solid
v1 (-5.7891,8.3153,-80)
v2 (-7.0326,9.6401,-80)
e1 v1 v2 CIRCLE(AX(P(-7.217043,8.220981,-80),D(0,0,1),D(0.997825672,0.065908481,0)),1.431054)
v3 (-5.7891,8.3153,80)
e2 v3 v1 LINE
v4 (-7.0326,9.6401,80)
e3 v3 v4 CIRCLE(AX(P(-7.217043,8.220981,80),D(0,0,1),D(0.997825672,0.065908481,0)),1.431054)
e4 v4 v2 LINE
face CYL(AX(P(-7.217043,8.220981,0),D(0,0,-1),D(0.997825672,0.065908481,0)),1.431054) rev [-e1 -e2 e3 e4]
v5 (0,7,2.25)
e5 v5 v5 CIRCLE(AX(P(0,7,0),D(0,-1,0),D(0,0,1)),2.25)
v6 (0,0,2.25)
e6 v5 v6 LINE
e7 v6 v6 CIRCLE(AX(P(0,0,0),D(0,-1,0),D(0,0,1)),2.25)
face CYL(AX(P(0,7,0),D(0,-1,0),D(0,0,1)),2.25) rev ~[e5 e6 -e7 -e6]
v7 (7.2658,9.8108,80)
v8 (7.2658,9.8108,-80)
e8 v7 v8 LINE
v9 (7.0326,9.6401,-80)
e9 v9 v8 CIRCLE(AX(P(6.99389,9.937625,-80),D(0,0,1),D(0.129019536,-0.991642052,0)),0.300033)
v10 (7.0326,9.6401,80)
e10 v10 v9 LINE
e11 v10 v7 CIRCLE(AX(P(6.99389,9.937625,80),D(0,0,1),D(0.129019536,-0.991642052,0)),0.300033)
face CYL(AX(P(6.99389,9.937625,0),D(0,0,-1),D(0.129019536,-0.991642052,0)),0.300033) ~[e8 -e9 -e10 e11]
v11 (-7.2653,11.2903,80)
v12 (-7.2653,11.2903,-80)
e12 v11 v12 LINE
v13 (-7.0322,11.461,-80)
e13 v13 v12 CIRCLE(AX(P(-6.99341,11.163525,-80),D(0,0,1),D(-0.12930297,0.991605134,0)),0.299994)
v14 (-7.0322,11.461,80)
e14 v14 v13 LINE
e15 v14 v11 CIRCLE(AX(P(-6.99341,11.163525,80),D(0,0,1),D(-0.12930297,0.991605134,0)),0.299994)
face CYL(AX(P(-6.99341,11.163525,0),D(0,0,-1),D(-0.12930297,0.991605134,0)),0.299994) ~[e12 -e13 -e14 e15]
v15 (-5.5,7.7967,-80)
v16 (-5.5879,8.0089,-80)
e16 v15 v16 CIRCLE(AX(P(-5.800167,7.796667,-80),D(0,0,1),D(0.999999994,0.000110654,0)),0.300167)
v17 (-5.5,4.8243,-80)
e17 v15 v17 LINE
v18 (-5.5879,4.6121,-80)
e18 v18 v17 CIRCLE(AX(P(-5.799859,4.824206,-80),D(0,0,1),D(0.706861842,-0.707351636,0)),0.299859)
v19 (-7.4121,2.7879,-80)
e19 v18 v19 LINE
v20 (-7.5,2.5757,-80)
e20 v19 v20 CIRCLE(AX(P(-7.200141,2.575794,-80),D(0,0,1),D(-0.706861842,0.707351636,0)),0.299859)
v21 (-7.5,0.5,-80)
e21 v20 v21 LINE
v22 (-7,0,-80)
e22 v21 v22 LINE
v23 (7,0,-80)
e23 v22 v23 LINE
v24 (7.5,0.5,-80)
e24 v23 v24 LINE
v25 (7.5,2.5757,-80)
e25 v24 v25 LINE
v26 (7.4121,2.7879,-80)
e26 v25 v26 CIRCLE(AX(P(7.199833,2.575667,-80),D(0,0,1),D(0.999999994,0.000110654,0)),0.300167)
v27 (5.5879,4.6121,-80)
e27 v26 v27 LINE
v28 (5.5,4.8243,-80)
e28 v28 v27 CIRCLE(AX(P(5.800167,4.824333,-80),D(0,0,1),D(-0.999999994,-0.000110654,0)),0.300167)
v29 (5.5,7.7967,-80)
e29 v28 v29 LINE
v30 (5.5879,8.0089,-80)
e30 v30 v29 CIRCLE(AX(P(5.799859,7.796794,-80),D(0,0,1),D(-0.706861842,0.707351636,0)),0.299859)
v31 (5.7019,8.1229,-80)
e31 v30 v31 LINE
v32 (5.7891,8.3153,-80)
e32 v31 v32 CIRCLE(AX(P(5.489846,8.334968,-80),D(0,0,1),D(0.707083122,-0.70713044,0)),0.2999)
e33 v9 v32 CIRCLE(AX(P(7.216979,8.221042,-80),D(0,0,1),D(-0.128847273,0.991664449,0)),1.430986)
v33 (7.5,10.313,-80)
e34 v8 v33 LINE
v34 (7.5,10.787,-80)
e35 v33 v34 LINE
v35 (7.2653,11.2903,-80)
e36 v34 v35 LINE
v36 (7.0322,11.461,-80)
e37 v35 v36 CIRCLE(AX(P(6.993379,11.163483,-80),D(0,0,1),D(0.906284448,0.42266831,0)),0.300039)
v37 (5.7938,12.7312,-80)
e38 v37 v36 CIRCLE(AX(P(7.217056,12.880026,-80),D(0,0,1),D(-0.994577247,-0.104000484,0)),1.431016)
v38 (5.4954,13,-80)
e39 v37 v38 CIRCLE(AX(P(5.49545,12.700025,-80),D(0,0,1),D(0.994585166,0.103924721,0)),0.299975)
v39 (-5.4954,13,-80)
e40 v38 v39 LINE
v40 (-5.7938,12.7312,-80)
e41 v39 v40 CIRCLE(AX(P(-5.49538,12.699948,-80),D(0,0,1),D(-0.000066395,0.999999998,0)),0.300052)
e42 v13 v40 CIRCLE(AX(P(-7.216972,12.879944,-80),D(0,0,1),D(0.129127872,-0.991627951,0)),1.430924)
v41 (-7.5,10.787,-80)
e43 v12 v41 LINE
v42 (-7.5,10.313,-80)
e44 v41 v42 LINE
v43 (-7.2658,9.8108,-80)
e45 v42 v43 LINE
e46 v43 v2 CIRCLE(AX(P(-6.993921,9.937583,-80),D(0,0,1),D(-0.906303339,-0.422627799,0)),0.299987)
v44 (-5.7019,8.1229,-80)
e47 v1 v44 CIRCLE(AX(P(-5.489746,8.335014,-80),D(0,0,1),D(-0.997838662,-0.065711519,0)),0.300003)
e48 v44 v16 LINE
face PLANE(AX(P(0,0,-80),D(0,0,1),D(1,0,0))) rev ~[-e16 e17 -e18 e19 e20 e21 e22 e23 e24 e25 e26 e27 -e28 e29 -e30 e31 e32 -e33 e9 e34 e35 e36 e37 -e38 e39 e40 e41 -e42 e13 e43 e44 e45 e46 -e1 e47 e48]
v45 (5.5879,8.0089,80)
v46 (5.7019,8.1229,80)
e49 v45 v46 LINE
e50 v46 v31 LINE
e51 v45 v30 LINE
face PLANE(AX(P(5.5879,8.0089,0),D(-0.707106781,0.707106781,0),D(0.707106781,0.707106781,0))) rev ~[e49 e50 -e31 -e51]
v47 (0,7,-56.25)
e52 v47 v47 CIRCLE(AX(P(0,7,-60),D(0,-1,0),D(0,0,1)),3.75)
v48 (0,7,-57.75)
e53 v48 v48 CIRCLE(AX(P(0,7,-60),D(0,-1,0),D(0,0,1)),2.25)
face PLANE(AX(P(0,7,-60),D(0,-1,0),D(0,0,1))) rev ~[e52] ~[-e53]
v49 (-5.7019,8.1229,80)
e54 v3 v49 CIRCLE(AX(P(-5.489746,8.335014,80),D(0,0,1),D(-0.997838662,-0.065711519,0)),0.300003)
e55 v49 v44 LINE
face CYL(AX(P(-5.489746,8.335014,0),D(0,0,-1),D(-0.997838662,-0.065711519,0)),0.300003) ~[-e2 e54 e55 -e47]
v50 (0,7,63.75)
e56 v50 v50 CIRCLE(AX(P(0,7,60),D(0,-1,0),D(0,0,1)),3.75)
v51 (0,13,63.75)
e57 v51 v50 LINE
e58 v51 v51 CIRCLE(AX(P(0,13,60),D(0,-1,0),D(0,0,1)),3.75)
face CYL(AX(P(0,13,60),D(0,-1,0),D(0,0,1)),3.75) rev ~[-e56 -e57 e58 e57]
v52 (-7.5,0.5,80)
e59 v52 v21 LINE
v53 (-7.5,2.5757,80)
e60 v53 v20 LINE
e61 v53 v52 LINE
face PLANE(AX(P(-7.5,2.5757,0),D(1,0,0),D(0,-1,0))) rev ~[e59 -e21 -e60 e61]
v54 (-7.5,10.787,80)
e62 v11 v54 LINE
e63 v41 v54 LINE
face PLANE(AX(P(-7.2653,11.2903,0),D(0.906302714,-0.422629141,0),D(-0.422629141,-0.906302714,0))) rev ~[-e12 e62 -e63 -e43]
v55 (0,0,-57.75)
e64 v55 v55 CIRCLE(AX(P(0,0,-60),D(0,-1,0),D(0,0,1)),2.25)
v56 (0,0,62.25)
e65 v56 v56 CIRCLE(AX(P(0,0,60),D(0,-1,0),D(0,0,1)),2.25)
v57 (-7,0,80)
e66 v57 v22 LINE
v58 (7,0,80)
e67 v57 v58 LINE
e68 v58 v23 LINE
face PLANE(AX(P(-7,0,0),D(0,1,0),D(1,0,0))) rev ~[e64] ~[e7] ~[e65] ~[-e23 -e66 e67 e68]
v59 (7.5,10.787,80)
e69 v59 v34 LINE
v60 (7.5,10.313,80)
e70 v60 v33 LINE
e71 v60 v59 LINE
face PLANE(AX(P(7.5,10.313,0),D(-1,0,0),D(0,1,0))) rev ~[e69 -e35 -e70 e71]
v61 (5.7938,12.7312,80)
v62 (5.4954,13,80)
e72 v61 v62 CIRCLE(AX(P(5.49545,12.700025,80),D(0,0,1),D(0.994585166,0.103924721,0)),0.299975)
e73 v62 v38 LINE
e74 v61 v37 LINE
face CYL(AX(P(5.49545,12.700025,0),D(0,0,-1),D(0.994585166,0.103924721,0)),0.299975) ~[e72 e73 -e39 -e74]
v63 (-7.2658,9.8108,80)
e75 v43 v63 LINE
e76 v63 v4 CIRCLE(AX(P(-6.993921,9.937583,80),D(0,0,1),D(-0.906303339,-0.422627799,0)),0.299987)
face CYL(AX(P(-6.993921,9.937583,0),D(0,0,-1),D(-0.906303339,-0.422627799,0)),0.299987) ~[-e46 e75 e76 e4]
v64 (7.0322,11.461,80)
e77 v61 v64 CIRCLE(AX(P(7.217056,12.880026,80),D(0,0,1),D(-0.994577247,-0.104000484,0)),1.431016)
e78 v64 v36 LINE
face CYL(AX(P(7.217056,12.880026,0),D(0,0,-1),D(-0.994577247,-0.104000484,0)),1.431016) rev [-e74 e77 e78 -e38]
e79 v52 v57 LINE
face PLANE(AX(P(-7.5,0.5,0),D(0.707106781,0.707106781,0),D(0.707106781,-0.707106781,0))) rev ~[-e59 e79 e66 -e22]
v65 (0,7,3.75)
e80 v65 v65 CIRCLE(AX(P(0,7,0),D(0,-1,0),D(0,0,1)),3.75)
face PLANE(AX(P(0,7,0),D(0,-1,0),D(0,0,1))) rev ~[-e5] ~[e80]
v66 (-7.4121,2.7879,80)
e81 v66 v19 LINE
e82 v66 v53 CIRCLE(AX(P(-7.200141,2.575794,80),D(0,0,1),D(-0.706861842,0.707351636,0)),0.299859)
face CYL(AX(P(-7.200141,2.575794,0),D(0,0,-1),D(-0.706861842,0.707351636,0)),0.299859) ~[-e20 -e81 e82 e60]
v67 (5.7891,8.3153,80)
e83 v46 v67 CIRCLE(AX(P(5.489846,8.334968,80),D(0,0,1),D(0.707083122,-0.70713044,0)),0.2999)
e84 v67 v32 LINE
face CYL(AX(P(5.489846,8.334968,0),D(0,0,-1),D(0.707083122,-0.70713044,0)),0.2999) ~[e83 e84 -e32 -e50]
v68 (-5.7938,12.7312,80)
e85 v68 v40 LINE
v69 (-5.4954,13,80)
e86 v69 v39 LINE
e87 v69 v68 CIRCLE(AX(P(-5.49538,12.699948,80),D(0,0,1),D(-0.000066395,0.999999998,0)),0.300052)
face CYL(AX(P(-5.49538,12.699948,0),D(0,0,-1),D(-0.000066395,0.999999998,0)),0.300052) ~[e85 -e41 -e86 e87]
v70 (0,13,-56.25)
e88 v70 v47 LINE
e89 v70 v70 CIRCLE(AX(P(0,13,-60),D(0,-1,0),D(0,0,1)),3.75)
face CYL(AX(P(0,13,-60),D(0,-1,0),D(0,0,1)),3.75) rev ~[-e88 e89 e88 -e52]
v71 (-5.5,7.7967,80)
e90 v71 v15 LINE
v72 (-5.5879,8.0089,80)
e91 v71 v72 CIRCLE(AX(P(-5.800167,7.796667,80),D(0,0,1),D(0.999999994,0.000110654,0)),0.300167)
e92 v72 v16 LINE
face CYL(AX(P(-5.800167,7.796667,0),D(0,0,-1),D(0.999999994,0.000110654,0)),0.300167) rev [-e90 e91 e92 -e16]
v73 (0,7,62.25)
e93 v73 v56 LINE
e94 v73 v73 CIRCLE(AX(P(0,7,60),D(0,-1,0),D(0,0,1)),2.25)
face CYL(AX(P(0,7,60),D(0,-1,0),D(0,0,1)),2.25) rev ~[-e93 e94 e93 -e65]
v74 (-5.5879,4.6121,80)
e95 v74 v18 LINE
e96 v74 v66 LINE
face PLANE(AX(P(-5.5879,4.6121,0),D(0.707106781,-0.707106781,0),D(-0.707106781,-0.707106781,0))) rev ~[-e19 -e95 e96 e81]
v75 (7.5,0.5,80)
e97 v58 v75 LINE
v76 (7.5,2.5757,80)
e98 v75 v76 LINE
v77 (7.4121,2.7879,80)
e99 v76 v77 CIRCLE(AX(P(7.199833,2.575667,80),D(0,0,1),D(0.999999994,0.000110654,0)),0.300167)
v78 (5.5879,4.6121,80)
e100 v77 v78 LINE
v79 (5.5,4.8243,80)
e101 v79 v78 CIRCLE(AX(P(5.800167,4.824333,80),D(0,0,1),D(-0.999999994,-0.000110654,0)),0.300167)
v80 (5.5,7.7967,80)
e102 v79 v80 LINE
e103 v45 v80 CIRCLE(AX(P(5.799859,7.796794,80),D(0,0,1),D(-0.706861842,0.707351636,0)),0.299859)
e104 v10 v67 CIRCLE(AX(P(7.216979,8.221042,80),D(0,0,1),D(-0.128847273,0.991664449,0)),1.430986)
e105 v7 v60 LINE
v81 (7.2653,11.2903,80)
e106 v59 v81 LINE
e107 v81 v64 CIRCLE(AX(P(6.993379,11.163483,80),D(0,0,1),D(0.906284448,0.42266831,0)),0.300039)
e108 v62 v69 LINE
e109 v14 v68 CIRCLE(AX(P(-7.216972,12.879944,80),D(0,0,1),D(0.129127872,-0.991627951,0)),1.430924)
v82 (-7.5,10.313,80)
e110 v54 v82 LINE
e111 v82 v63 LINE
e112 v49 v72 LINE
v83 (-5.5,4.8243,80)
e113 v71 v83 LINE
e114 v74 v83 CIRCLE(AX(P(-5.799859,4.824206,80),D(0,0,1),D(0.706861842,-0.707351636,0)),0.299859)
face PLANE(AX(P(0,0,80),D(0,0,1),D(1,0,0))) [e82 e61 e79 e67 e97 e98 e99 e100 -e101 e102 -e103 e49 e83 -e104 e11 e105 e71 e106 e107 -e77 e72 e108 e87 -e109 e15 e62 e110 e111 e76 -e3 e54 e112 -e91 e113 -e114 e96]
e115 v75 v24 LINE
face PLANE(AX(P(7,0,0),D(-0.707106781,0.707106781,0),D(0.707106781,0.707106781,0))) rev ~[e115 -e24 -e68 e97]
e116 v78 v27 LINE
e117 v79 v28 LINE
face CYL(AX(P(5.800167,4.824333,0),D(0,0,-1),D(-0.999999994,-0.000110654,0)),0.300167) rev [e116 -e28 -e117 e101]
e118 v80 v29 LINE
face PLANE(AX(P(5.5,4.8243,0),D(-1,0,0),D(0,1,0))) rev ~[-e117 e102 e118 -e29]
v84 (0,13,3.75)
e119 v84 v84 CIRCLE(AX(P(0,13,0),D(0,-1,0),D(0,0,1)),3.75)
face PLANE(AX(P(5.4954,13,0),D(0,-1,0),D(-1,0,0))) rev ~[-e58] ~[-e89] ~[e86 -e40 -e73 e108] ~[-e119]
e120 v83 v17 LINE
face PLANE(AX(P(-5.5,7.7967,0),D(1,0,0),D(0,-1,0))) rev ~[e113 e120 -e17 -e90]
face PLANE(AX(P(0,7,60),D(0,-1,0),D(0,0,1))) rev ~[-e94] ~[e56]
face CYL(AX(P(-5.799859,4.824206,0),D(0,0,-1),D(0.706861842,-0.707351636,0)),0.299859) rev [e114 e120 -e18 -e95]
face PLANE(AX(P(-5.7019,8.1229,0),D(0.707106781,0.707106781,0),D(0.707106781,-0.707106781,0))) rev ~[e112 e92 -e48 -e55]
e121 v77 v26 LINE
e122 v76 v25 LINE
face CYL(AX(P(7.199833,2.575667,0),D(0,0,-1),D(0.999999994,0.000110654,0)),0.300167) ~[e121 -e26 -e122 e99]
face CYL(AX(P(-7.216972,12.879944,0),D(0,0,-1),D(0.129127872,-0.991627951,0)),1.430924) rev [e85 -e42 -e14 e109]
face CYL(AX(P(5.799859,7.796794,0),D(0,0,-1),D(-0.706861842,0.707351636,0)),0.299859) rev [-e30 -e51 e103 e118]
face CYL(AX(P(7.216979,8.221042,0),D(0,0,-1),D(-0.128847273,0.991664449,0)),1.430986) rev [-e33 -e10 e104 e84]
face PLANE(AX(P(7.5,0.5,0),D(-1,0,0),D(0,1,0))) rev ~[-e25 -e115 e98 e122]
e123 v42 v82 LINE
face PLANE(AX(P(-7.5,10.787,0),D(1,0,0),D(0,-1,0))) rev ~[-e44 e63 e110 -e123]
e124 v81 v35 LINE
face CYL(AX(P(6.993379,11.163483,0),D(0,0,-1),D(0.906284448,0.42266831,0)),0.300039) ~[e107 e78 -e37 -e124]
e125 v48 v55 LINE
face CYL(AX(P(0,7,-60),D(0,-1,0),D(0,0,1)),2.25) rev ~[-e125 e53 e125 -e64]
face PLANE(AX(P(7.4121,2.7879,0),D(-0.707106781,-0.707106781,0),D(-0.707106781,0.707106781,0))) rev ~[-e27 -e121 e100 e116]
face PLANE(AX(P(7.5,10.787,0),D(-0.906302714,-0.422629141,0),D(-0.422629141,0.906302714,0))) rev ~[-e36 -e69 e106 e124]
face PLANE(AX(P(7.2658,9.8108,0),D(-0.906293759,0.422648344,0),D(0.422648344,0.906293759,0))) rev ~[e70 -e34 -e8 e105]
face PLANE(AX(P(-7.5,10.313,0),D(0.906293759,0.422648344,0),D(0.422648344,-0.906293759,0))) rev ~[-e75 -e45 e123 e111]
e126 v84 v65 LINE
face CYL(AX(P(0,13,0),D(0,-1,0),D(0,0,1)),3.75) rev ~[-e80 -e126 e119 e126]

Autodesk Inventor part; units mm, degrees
sketch "Sketch_2" plane through (0, 0, 0) normal (0, 0, 1) x (1, 0, 0)
  line L0 (-7.5, 10.787) -> (-7.5, 10.313)
  line L1 (-7.5, 10.313) -> (-7.2658, 9.8108)
  arc A0 (-7.2658, 9.8108) -> (-7.0326, 9.6401) centre (-6.9939, 9.9376) ccw
  arc A1 (-5.7891, 8.3153) -> (-7.0326, 9.6401) centre (-7.217, 8.221) ccw
  arc A2 (-5.7891, 8.3153) -> (-5.7019, 8.1229) centre (-5.4898, 8.335) ccw
  line L2 (-5.7019, 8.1229) -> (-5.5879, 8.0089)
  arc A3 (-5.5, 7.7967) -> (-5.5879, 8.0089) centre (-5.8, 7.7967) ccw
  line L3 (-5.5, 7.7967) -> (-5.5, 4.8243)
  arc A4 (-5.5879, 4.6121) -> (-5.5, 4.8243) centre (-5.8, 4.8243) ccw
  line L4 (-5.5879, 4.6121) -> (-7.4121, 2.7879)
  arc A5 (-7.4121, 2.7879) -> (-7.5, 2.5757) centre (-7.2, 2.5757) ccw
  line L5 (-7.5, 2.5757) -> (-7.5, 0.5)
  line L6 (-7.5, 0.5) -> (-7, 0)
  line L7 (-7, 0) -> (7, 0)
  line L8 (7, 0) -> (7.5, 0.5)
  line L9 (7.5, 0.5) -> (7.5, 2.5757)
  arc A6 (7.5, 2.5757) -> (7.4121, 2.7879) centre (7.2, 2.5757) ccw
  line L10 (7.4121, 2.7879) -> (5.5879, 4.6121)
  arc A7 (5.5, 4.8243) -> (5.5879, 4.6121) centre (5.8, 4.8243) ccw
  line L11 (5.5, 4.8243) -> (5.5, 7.7967)
  arc A8 (5.5879, 8.0089) -> (5.5, 7.7967) centre (5.8, 7.7967) ccw
  line L12 (5.5879, 8.0089) -> (5.7019, 8.1229)
  arc A9 (5.7019, 8.1229) -> (5.7891, 8.3153) centre (5.4898, 8.335) ccw
  arc A10 (7.0326, 9.6401) -> (5.7891, 8.3153) centre (7.217, 8.221) ccw
  arc A11 (7.0326, 9.6401) -> (7.2658, 9.8108) centre (6.9939, 9.9376) ccw
  line L13 (7.2658, 9.8108) -> (7.5, 10.313)
  line L14 (7.5, 10.313) -> (7.5, 10.787)
  line L15 (7.5, 10.787) -> (7.2653, 11.2903)
  arc A12 (7.2653, 11.2903) -> (7.0322, 11.461) centre (6.9934, 11.1635) ccw
  arc A13 (5.7938, 12.7312) -> (7.0322, 11.461) centre (7.217, 12.88) ccw
  arc A14 (5.7938, 12.7312) -> (5.4954, 13) centre (5.4954, 12.7) ccw
  line L16 (5.4954, 13) -> (-5.4954, 13)
  arc A15 (-5.4954, 13) -> (-5.7938, 12.7312) centre (-5.4954, 12.7) ccw
  arc A16 (-7.0322, 11.461) -> (-5.7938, 12.7312) centre (-7.217, 12.88) ccw
  arc A17 (-7.0322, 11.461) -> (-7.2653, 11.2903) centre (-6.9934, 11.1635) ccw
  line L17 (-7.2653, 11.2903) -> (-7.5, 10.787)
extrude "Extrusion1" add sketch "Sketch_2" along normal mid plane 160
sketch "Sketch2" plane through (-5.4954, 13, 80) normal (0, 1, 0) x (1, 0, 0)
  point P0 (5.4954, 20)
hole "Hole1" at (0, 13, 60) direction (0, -1, 0) diameter 4.5 depth 13 counterbore diameter 7.5 counterbore depth 6
pattern_linear "Rectangular Pattern1" count 3 spacing 60 along (0, 0, -1) of "Hole1"
ref_plane "to_block_1_XY" through (0, 13, 0) normal (0, 0, -1) x (1, 0, 0)
ref_plane "to_block_1_YZ" through (0, 13, 0) normal (1, 0, 0) x (0, -1, 0)
ref_plane "to_block_1_ZX" through (0, 13, 0) normal (0, -1, 0) x (0, 0, -1)
properties part number "C-SXR24-160_r"
